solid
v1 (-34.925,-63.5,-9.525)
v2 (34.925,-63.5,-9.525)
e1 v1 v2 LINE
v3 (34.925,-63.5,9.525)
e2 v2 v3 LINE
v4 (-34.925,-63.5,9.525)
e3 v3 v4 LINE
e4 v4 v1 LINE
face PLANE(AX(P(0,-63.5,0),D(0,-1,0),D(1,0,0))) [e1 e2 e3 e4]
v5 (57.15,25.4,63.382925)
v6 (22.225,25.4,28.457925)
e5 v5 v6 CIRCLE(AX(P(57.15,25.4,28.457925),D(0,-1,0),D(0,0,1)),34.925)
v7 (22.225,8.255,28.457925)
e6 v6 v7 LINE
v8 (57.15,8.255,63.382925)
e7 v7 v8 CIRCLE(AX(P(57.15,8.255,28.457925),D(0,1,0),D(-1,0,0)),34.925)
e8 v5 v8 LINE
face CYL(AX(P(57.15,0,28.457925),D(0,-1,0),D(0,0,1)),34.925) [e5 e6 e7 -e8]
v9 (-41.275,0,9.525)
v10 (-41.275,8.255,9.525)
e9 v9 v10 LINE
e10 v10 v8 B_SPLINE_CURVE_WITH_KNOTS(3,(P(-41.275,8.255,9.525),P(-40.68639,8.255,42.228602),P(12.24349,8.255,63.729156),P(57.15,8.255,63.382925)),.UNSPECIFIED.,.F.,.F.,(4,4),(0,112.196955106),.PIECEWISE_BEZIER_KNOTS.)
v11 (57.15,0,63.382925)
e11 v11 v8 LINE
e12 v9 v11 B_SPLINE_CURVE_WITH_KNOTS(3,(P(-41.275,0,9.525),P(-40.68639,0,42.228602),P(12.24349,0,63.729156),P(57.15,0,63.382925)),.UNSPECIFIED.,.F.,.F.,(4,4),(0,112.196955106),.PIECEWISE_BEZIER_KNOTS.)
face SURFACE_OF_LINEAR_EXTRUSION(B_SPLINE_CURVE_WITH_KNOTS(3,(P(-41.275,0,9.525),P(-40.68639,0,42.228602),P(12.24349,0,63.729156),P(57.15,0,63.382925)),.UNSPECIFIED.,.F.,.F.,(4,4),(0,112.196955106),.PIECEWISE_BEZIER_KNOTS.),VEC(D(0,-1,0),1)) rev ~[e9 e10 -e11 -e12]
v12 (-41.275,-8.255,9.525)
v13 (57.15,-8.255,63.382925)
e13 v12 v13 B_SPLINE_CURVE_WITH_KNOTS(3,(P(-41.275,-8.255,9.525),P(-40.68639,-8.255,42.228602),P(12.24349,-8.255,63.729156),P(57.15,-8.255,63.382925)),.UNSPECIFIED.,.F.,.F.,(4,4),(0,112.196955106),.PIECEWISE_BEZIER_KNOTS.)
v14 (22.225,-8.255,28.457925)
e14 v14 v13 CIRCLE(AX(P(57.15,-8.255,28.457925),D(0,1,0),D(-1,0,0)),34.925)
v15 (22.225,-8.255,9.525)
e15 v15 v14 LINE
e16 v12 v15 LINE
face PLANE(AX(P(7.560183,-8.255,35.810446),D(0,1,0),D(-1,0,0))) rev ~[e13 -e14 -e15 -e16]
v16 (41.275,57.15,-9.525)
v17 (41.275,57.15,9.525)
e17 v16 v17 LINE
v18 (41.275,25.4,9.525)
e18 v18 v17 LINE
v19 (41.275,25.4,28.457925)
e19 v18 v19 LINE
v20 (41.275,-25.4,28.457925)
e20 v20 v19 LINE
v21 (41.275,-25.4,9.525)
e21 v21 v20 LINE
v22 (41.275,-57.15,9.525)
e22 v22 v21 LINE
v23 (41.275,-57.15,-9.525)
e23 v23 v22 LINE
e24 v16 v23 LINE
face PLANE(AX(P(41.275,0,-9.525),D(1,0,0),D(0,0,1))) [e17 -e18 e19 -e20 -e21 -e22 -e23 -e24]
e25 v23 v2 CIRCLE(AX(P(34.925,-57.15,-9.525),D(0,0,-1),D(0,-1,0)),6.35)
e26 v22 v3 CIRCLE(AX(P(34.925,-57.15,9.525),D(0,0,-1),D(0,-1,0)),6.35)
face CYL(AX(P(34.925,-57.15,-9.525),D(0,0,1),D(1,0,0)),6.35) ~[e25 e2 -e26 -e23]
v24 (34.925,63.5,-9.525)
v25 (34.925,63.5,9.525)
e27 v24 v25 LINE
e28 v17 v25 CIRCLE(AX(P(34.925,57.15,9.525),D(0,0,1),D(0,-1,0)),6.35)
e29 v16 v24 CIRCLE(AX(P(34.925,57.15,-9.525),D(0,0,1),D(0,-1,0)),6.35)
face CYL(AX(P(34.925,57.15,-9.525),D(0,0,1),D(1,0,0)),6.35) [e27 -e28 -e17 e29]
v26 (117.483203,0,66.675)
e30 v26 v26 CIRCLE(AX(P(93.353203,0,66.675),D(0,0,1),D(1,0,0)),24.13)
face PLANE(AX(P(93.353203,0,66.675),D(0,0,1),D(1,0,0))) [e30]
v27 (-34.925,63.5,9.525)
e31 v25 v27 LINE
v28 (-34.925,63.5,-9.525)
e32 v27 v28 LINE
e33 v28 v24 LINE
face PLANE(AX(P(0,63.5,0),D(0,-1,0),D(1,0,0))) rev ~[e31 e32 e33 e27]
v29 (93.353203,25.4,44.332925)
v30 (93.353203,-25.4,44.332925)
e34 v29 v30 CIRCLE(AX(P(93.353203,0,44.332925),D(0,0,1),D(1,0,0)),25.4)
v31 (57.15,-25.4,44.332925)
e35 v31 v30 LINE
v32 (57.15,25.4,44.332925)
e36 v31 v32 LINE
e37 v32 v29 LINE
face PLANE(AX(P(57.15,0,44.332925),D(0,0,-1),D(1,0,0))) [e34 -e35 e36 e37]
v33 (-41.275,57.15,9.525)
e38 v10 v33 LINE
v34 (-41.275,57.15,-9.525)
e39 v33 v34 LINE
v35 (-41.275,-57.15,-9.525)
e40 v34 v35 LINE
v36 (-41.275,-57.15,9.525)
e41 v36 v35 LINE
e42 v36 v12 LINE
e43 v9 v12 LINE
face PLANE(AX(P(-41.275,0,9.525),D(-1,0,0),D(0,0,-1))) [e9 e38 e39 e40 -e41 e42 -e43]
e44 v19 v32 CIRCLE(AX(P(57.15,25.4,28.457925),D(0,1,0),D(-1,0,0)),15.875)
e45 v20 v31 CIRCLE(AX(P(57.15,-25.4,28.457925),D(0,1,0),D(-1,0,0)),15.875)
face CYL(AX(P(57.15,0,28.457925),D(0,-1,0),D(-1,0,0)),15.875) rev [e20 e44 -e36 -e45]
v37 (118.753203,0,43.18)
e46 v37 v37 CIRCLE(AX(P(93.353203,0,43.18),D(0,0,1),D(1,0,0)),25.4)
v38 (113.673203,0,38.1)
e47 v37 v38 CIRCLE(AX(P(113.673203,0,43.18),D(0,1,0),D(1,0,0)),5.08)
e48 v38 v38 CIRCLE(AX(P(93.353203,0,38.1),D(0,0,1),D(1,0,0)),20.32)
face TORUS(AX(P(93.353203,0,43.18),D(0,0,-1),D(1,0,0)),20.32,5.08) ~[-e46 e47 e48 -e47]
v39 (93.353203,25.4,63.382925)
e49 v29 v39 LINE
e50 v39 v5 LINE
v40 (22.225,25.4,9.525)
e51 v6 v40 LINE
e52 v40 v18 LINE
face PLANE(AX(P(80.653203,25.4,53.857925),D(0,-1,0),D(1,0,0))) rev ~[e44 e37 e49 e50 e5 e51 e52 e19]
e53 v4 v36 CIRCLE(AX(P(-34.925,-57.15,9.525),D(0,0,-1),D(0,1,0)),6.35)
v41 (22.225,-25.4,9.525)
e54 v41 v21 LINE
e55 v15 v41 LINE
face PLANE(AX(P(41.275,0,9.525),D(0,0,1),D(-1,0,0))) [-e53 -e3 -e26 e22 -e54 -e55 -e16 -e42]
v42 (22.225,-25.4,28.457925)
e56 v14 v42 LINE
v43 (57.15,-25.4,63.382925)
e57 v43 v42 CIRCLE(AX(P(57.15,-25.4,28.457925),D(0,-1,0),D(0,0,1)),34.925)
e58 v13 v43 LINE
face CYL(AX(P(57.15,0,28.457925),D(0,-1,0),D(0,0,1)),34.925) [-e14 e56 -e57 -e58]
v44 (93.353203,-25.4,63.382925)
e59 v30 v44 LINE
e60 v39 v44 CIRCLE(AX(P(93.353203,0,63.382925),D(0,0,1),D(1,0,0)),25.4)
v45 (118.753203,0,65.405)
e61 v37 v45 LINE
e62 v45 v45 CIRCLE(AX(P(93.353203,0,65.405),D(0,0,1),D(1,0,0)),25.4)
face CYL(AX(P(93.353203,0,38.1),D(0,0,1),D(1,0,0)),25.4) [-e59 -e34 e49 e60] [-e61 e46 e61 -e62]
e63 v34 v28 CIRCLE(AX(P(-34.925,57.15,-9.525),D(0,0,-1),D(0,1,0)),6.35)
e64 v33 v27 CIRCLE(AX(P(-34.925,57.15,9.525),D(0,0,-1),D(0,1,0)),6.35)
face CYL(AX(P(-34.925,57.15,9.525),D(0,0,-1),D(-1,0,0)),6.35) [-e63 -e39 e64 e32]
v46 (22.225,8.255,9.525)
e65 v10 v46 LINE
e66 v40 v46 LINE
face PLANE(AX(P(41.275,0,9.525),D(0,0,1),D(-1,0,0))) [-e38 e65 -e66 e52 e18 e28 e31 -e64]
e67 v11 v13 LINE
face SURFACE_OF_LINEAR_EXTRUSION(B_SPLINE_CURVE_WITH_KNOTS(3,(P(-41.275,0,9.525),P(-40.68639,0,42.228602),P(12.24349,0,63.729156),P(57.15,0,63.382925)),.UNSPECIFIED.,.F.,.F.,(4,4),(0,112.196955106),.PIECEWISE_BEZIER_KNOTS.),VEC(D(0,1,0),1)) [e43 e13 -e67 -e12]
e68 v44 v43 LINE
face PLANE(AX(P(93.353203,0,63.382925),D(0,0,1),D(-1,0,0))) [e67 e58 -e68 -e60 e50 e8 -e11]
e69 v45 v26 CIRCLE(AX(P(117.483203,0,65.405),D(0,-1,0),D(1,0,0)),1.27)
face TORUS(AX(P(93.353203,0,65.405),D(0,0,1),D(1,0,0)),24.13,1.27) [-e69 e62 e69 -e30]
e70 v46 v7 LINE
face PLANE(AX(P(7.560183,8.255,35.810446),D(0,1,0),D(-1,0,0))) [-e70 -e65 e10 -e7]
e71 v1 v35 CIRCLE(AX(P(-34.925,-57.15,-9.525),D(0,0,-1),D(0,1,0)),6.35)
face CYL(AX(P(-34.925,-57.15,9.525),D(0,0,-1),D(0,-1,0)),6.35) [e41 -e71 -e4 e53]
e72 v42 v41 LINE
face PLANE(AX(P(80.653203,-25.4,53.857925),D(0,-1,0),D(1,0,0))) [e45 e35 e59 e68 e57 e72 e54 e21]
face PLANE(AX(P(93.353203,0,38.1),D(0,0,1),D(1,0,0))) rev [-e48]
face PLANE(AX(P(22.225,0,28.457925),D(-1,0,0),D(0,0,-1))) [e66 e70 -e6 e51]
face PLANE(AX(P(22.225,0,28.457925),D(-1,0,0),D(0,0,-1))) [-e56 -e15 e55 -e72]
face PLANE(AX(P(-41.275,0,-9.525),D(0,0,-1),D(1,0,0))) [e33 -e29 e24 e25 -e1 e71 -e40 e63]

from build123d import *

# Parameters (mm, degrees)
F1_DEPTH = 63.5
F0_W     = 25.4
F0_H     = 19.05
F2_DEPTH = 25.4
F3_DEPTH = 8.255
F5_R     = 6.35
F6_R     = 1.27
F7_R     = 5.08


with BuildPart() as f1:
    # F0 (on Front) → F1 (new body, symmetric)
    with BuildSketch(Plane.XZ):
        Polygon((22.225, 9.525), (-41.275, 9.525), (-41.275, -9.525), (41.275, -9.525), (41.275, 9.525), align=None)
    extrude(amount=F1_DEPTH, both=True)

    # F0 (on Front) → F2 (join, symmetric)
    with BuildSketch(Plane.XZ):
        with Locations((80.6532034516, 53.8579252303)):
            Rectangle(F0_W, F0_H)
        with BuildLine():
            Line((22.225, 28.4579252303), (22.225, 9.525))
            Line((22.225, 9.525), (41.275, 9.525))
            Line((41.275, 9.525), (41.275, 28.4579252303))
            ThreePointArc((41.275, 28.4579252303), (45.9246798487, 39.6832453816), (57.15, 44.3329252303))
            Line((57.15, 44.3329252303), (67.9532034516, 44.3329252303))
            Line((67.9532034516, 44.3329252303), (67.9532034516, 63.3829252303))
            Line((67.9532034516, 63.3829252303), (57.15, 63.3829252303))
            ThreePointArc((57.15, 63.3829252303), (32.4542956671, 53.1536295632), (22.225, 28.4579252303))
        make_face()
    extrude(amount=F2_DEPTH, both=True)

    # F0 (on Front) → F3 (join, symmetric)
    with BuildSketch(Plane.XZ):
        with BuildLine():
            add(Edge.make_bspline(
                [(-41.275, 9.525), (-40.6863895337, 42.2286015016), (12.2434897348, 63.7291564518), (57.15, 63.3829252303)],
                knots=[0, 0, 0, 0, 112.1969551062, 112.1969551062, 112.1969551062, 112.1969551062], degree=3))
            Line((-41.275, 9.525), (22.225, 9.525))
            Line((22.225, 9.525), (22.225, 28.4579252303))
            ThreePointArc((22.225, 28.4579252303), (32.4542956671, 53.1536295632), (57.15, 63.3829252303))
        make_face()
    extrude(amount=F3_DEPTH, both=True)

    # F0 (on Front) → F4 (revolve)
    with BuildSketch(Plane.XZ):
        Polygon((93.3532034516, 66.675), (93.3532034516, 63.3829252303), (93.3532034516, 44.3329252303), (93.3532034516, 38.1), (118.7532034516, 38.1), (118.7532034516, 66.675), align=None)
    revolve(axis=Axis((93.3532034516, 0, 52.3875), (0, 0, 1)))

    # F5
    f5_edges = [f1.edges().sort_by_distance(p)[0] for p in [
        (41.275, -63.5, 0),
        (-41.275, -63.5, 0),
        (-41.275, 63.5, 0),
        (41.275, 63.5, 0),
    ]]
    fillet(f5_edges, radius=F5_R)

    # F6
    f6_edges = [f1.edges().sort_by_distance(p)[0] for p in [
        (67.953203, 0, 66.675),
    ]]
    fillet(f6_edges, radius=F6_R)

    # F7
    f7_edges = [f1.edges().sort_by_distance(p)[0] for p in [
        (67.953203, 0, 38.1),
    ]]
    fillet(f7_edges, radius=F7_R)


solid = f1.part
